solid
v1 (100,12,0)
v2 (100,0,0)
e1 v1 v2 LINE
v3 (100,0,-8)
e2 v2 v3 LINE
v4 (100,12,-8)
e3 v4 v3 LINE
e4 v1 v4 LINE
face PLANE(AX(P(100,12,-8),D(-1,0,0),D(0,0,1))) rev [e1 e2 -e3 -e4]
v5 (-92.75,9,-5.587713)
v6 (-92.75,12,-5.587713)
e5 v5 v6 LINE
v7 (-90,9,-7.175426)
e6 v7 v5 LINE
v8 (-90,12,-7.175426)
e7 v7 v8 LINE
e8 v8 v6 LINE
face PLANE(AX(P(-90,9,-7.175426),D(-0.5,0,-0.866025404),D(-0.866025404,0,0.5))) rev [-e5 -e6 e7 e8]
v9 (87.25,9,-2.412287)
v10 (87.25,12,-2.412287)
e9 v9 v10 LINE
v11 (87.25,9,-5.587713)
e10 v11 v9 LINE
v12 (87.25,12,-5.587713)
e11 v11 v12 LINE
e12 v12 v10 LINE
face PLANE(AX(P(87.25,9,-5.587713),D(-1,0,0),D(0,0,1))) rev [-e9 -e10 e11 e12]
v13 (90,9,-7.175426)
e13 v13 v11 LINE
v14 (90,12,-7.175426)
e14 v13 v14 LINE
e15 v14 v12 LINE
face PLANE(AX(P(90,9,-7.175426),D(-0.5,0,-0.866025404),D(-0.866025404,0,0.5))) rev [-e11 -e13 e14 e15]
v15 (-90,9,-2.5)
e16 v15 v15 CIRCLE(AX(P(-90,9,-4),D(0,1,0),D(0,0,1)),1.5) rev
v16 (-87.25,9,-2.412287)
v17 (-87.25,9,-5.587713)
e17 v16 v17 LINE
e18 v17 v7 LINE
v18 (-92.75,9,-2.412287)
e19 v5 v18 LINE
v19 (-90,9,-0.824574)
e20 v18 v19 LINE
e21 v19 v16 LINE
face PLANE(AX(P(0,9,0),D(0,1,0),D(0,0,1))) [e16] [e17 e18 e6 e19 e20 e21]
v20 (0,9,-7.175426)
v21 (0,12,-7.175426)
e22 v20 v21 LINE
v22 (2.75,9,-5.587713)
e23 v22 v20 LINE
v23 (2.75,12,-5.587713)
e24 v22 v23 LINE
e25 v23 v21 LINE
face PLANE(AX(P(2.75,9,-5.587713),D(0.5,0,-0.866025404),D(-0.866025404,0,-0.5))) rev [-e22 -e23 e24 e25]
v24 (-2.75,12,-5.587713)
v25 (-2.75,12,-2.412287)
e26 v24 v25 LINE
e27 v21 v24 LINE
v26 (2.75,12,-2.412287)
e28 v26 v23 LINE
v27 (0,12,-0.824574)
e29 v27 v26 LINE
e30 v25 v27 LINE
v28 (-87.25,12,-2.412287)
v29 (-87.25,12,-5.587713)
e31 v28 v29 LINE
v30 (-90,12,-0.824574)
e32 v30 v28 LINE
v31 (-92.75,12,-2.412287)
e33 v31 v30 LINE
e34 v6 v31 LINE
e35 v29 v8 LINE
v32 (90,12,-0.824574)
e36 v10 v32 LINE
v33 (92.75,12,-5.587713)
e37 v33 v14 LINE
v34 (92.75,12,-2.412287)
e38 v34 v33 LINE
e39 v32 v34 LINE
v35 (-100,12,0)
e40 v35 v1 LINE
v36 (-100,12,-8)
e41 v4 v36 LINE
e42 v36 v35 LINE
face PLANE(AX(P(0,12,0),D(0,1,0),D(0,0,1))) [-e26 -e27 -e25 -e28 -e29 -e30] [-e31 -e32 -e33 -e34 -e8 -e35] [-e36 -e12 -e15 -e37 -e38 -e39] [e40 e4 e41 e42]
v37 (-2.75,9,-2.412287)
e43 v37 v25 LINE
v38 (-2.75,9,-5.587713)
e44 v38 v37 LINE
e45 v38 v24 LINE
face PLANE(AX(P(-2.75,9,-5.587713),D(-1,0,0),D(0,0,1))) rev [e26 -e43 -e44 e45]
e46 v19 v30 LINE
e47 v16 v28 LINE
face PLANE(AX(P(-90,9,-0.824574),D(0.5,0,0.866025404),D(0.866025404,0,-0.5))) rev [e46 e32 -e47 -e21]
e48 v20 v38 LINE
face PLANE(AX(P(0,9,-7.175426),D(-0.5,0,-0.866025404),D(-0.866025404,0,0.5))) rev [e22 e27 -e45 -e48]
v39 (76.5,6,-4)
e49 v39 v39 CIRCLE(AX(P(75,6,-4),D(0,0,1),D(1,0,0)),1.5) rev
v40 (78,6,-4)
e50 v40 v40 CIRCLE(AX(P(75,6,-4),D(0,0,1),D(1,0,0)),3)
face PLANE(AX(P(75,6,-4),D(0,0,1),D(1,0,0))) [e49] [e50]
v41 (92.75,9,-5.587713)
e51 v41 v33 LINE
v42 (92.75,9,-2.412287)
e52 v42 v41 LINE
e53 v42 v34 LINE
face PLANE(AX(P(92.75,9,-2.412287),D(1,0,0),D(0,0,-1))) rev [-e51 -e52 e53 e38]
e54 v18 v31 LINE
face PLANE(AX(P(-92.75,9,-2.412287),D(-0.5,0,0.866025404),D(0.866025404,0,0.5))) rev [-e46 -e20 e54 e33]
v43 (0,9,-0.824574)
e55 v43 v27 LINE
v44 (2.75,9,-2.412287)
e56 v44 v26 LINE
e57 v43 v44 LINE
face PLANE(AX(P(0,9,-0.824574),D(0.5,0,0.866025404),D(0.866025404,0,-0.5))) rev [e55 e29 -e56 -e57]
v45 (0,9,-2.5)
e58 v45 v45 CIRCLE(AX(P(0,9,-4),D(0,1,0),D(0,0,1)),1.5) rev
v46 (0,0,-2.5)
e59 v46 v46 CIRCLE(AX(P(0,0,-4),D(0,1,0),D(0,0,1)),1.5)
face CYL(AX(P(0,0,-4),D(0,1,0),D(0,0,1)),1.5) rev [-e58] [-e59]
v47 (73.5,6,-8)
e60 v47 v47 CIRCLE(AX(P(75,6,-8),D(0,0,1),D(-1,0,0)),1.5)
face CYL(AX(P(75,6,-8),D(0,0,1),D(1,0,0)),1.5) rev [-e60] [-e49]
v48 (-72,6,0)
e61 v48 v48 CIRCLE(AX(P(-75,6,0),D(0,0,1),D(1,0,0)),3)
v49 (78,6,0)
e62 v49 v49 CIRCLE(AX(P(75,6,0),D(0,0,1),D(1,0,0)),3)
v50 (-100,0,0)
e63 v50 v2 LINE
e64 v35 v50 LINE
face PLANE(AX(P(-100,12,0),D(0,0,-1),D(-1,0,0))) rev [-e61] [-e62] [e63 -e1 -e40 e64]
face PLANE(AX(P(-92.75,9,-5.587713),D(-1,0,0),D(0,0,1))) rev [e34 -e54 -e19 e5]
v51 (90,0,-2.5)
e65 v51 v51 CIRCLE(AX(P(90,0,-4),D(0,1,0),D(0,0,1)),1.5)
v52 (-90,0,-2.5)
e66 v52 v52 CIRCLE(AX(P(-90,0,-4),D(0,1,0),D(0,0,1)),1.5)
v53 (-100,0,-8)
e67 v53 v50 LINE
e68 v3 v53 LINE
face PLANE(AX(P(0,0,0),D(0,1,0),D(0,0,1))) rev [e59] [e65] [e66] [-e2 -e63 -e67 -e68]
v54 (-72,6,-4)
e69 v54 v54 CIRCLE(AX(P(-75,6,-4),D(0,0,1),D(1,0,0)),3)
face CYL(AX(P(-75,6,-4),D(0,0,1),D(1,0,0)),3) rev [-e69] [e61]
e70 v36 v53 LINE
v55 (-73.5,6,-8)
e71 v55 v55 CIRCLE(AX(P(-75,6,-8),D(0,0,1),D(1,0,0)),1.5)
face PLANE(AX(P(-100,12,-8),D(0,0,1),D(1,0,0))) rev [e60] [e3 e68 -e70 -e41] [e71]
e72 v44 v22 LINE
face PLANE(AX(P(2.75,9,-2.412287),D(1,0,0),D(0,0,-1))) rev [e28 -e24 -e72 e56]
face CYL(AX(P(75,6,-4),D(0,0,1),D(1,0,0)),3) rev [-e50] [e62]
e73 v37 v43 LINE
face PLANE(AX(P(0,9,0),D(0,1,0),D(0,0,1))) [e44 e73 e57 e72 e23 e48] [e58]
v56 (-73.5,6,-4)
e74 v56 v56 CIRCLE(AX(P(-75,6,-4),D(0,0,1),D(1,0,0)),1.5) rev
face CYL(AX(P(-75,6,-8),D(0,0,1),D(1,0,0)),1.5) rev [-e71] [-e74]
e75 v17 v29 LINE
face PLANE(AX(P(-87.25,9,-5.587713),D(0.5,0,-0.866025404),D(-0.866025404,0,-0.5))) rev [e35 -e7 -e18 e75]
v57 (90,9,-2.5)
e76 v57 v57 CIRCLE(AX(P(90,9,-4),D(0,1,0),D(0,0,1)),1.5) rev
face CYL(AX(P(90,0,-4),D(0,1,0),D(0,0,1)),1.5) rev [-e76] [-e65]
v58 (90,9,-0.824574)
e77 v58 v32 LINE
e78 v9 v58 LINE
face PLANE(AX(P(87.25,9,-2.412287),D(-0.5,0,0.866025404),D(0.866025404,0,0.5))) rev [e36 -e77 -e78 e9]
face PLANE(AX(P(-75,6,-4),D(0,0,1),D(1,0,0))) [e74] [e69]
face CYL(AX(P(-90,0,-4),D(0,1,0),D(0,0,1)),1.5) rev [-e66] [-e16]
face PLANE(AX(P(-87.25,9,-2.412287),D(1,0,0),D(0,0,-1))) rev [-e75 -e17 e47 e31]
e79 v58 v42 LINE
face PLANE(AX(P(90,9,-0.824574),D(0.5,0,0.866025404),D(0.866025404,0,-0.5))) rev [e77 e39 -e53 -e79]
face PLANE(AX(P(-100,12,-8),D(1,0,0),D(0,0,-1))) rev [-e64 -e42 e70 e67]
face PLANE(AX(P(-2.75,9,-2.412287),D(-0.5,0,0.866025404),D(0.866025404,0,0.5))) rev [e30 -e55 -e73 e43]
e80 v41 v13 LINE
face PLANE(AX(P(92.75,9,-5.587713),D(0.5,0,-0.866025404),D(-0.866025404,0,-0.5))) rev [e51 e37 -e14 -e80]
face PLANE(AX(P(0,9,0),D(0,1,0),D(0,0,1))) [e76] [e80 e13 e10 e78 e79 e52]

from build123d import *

# Parameters (mm, degrees)
ESQUISSE1_W             = 200
ESQUISSE1_H             = 8
BOSS_EXTRU_1_DEPTH      = 12
ESQUISSE2_R             = 1.5
ENL_V_MAT_EXTRU_1_DEPTH = 102.034647523
ESQUISSE3_R             = 1.5
ENL_V_MAT_EXTRU_2_DEPTH = 102.034647523
ESQUISSE4_R             = 3
ENL_V_MAT_EXTRU_3_DEPTH = 4
ENL_V_MAT_EXTRU_4_DEPTH = 3


with BuildPart() as part:
    # Esquisse1 → Boss.-Extru.1 (new body)
    with BuildSketch(Plane(origin=(0, 0, 0), x_dir=(1, 0, 0), z_dir=(0, 1, 0))):
        with Locations((0, 4)):
            Rectangle(ESQUISSE1_W, ESQUISSE1_H)
    extrude(amount=BOSS_EXTRU_1_DEPTH)

    # Esquisse2 → Enlèv. mat.-Extru.1 (cut, through all)
    with BuildSketch(Plane(origin=(0, 12, 0), x_dir=(1, 0, 0), z_dir=(0, 1, 0))):
        with Locations(Location((-90, 4, 0), (0, 0, 270))):
            Circle(ESQUISSE2_R)
        with Locations(Location((0, 4, 0), (0, 0, 270))):
            Circle(ESQUISSE2_R)
        with Locations(Location((90, 4, 0), (0, 0, 270))):
            Circle(ESQUISSE2_R)
    extrude(amount=-ENL_V_MAT_EXTRU_1_DEPTH, mode=Mode.SUBTRACT)

    # Esquisse3 → Enlèv. mat.-Extru.2 (cut, through all)
    with BuildSketch(Plane.XY):
        with Locations((-75, 6)):
            Circle(ESQUISSE3_R)
        with Locations(Location((75, 6, 0), (0, 0, 180))):
            Circle(ESQUISSE3_R)
    extrude(amount=-ENL_V_MAT_EXTRU_2_DEPTH, mode=Mode.SUBTRACT)

    # Esquisse4 → Enlèv. mat.-Extru.3 (cut)
    with BuildSketch(Plane.XY):
        with Locations((-75, 6)):
            Circle(ESQUISSE4_R)
        with Locations((75, 6)):
            Circle(ESQUISSE4_R)
    extrude(amount=-ENL_V_MAT_EXTRU_3_DEPTH, mode=Mode.SUBTRACT)

    # Esquisse5 → Enlèv. mat.-Extru.4 (cut)
    with BuildSketch(Plane(origin=(0, 12, 0), x_dir=(1, 0, 0), z_dir=(0, 1, 0))):
        Polygon((-87.25, 5.58771324), (-90, 7.175426481), (-92.75, 5.58771324), (-92.75, 2.41228676), (-90, 0.824573519), (-87.25, 2.41228676), align=None)
        Polygon((2.75, 5.58771324), (0, 7.175426481), (-2.75, 5.58771324), (-2.75, 2.41228676), (0, 0.824573519), (2.75, 2.41228676), align=None)
        Polygon((92.75, 5.58771324), (90, 7.175426481), (87.25, 5.58771324), (87.25, 2.41228676), (90, 0.824573519), (92.75, 2.41228676), align=None)
    extrude(amount=-ENL_V_MAT_EXTRU_4_DEPTH, mode=Mode.SUBTRACT)


solid = part.part
